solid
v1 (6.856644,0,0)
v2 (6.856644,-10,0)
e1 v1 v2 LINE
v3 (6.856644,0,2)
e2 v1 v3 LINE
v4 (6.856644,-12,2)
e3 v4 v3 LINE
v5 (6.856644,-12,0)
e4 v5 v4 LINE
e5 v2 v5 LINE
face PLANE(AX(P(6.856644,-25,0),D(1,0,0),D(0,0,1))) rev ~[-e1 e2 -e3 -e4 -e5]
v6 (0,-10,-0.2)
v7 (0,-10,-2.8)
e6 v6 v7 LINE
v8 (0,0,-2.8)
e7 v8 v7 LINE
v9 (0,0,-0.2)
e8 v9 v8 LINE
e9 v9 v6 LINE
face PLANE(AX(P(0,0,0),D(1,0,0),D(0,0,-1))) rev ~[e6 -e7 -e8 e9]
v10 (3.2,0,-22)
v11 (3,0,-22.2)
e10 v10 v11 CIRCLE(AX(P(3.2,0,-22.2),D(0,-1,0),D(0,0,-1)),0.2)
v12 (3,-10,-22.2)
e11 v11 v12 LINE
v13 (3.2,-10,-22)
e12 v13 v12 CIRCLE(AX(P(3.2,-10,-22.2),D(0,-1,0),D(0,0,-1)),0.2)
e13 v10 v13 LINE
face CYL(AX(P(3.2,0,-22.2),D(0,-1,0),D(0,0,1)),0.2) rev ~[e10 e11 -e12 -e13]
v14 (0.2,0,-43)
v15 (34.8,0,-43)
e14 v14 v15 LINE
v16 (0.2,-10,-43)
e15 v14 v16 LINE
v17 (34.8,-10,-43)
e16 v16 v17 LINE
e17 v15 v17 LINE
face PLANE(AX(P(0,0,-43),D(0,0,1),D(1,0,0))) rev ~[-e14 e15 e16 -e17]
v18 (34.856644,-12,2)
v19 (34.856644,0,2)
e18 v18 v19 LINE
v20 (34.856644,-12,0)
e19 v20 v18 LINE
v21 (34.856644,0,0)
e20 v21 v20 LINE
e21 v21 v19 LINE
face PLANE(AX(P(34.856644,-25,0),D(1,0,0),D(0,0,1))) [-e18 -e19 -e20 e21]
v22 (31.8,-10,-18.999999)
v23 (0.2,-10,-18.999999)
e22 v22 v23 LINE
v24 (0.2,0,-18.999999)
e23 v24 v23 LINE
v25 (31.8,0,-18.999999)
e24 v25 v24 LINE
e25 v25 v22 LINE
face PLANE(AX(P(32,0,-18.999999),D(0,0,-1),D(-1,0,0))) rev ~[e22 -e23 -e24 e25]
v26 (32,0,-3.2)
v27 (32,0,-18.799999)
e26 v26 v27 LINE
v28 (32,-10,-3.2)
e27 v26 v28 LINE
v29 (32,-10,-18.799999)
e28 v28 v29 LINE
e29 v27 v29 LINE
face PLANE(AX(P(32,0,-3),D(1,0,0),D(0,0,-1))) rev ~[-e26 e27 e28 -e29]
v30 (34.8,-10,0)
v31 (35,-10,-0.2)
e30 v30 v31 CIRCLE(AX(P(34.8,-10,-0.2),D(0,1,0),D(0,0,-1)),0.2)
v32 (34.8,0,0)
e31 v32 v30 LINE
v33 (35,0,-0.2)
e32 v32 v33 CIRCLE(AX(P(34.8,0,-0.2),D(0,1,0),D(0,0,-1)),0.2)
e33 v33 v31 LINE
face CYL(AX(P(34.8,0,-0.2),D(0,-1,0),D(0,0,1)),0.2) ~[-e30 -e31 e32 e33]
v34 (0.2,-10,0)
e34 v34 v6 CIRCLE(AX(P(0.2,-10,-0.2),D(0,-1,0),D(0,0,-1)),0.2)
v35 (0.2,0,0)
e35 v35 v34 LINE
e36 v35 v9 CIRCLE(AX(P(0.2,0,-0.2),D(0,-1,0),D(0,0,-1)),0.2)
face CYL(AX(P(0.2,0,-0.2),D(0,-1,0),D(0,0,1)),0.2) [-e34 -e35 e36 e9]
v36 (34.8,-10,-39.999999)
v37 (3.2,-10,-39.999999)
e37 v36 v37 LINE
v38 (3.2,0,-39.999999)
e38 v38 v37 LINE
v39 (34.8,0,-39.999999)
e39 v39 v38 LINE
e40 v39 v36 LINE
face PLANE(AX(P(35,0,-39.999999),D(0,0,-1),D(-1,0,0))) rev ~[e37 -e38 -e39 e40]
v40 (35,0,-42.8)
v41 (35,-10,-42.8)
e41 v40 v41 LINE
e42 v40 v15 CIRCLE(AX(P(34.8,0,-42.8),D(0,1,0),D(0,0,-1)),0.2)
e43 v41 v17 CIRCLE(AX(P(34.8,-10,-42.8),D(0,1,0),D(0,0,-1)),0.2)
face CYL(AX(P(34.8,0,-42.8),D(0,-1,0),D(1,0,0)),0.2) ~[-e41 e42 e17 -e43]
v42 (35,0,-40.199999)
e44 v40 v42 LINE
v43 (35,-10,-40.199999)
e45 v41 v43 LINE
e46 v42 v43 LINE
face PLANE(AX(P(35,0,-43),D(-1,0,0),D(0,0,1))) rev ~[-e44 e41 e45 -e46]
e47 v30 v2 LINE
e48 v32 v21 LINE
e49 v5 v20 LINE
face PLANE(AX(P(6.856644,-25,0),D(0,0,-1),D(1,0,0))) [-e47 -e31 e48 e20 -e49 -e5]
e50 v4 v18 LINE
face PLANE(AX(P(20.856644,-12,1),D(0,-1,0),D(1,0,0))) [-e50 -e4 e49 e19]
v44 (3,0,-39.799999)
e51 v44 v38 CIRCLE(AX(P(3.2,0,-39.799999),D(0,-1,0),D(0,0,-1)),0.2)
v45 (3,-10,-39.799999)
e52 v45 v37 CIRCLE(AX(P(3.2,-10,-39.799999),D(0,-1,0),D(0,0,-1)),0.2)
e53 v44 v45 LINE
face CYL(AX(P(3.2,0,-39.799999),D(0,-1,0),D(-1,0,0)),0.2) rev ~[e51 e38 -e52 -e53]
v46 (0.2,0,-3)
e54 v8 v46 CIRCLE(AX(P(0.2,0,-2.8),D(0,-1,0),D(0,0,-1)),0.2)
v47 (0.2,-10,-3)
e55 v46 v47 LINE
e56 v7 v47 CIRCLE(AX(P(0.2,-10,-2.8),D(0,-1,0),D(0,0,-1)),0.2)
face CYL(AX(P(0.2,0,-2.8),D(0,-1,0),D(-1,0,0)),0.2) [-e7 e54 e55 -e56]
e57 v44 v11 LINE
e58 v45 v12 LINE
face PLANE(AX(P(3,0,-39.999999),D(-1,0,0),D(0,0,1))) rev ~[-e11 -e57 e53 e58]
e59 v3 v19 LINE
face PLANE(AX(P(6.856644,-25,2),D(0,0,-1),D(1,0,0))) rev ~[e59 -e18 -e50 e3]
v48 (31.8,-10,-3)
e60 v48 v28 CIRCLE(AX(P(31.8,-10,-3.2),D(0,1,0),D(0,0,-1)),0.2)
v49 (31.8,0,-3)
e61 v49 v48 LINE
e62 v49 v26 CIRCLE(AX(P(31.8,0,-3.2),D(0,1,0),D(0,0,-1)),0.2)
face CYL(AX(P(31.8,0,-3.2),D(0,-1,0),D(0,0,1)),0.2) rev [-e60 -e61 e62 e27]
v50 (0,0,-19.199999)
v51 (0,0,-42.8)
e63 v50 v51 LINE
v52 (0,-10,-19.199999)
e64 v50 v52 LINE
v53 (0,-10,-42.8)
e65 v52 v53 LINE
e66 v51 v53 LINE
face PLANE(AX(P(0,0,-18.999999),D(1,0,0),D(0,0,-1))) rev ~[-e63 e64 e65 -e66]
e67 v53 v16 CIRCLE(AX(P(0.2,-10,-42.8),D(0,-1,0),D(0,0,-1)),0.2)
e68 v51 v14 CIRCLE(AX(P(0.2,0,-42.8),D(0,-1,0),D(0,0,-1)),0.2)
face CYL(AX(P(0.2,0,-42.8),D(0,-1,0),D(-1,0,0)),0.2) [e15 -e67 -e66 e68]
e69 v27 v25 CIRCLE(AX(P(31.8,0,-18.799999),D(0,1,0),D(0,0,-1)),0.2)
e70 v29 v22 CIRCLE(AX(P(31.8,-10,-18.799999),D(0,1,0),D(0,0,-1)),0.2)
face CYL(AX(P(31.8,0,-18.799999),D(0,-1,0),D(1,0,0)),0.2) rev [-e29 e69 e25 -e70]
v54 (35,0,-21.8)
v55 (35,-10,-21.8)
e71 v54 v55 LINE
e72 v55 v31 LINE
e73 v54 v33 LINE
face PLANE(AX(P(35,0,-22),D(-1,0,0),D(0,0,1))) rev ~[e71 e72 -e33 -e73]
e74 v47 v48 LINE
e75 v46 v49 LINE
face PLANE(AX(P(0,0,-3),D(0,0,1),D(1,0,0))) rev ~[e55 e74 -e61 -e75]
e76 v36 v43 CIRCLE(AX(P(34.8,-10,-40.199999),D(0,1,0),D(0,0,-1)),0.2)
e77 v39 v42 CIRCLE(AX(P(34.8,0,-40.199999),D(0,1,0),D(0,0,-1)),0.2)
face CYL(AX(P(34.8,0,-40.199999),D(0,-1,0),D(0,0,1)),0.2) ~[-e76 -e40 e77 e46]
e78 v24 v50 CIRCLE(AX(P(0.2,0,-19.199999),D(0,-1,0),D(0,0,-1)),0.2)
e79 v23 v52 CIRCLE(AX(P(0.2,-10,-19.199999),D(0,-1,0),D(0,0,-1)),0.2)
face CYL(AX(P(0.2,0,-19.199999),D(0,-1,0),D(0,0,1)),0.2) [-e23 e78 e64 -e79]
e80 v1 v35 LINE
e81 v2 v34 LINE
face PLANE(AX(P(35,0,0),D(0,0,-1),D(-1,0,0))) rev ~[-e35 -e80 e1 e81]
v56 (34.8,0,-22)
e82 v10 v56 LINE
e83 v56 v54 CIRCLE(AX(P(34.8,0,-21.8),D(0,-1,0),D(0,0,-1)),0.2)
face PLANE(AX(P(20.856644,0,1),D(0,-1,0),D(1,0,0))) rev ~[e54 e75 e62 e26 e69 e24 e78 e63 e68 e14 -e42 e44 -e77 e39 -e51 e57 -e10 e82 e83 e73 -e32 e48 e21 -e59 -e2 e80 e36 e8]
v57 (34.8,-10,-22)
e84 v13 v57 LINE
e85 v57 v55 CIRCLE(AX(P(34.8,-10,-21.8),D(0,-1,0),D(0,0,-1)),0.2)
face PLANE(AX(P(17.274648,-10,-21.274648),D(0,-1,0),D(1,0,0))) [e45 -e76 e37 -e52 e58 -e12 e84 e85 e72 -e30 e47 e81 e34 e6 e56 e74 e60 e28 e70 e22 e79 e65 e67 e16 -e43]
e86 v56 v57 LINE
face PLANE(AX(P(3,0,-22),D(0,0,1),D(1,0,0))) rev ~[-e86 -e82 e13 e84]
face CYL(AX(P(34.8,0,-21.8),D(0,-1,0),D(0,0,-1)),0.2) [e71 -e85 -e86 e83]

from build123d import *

# Parameters (mm, degrees)
F1_DEPTH = 10
F2_R     = 0.2
F3_R     = 0.2
F4_W     = 28
F4_H     = 2
F5_DEPTH = 25
F6_DEPTH = 13
F7_DEPTH = 12
F8_DEPTH = 1


with BuildPart() as f1:
    # F0 (on Front) → F1 (new body)
    with BuildSketch(Plane.XZ):
        Polygon((35, 0), (0, 0), (0, -3), (32, -3), (32, -18.9999993891), (0, -18.9999993891), (0, -43), (35, -43), (35, -39.9999991059), (3, -39.9999991059), (3, -21.9999998808), (35, -21.9999998808), align=None)
    extrude(amount=F1_DEPTH)

    # F2
    f2_edges = [f1.edges().sort_by_distance(p)[0] for p in [
        (35, -5, 0),
        (32, -5, -3),
        (35, -5, -22),
        (32, -5, -18.999999),
    ]]
    fillet(f2_edges, radius=F2_R)

    # F3
    f3_edges = [f1.edges().sort_by_distance(p)[0] for p in [
        (3, -5, -39.999999),
        (35, -5, -39.999999),
        (35, -5, -43),
        (0, -5, -43),
        (3, -5, -22),
        (0, -5, -18.999999),
        (0, -5, 0),
        (0, -5, -3),
    ]]
    fillet(f3_edges, radius=F3_R)

    # F4 (on Front) → F5 (join)
    with BuildSketch(Plane.XZ):
        with Locations((20.8566440605, 1)):
            Rectangle(F4_W, F4_H)
    extrude(amount=F5_DEPTH)

    # F6 (add): a face of the model
    f6_faces = [f1.faces().sort_by_distance(p)[0] for p in [
        (20.8566440605, -25, 1),
    ]]
    extrude(f6_faces, amount=-F6_DEPTH)

    # F7 (cut): a face of the model
    f7_faces = [f1.faces().sort_by_distance(p)[0] for p in [
        (20.8566440605, -25, 1),
    ]]
    extrude(f7_faces, amount=-F7_DEPTH, mode=Mode.SUBTRACT)

    # F8 (cut): a face of the model
    f8_faces = [f1.faces().sort_by_distance(p)[0] for p in [
        (20.8566440605, -13, 1),
    ]]
    extrude(f8_faces, amount=-F8_DEPTH, mode=Mode.SUBTRACT)


solid = f1.part
